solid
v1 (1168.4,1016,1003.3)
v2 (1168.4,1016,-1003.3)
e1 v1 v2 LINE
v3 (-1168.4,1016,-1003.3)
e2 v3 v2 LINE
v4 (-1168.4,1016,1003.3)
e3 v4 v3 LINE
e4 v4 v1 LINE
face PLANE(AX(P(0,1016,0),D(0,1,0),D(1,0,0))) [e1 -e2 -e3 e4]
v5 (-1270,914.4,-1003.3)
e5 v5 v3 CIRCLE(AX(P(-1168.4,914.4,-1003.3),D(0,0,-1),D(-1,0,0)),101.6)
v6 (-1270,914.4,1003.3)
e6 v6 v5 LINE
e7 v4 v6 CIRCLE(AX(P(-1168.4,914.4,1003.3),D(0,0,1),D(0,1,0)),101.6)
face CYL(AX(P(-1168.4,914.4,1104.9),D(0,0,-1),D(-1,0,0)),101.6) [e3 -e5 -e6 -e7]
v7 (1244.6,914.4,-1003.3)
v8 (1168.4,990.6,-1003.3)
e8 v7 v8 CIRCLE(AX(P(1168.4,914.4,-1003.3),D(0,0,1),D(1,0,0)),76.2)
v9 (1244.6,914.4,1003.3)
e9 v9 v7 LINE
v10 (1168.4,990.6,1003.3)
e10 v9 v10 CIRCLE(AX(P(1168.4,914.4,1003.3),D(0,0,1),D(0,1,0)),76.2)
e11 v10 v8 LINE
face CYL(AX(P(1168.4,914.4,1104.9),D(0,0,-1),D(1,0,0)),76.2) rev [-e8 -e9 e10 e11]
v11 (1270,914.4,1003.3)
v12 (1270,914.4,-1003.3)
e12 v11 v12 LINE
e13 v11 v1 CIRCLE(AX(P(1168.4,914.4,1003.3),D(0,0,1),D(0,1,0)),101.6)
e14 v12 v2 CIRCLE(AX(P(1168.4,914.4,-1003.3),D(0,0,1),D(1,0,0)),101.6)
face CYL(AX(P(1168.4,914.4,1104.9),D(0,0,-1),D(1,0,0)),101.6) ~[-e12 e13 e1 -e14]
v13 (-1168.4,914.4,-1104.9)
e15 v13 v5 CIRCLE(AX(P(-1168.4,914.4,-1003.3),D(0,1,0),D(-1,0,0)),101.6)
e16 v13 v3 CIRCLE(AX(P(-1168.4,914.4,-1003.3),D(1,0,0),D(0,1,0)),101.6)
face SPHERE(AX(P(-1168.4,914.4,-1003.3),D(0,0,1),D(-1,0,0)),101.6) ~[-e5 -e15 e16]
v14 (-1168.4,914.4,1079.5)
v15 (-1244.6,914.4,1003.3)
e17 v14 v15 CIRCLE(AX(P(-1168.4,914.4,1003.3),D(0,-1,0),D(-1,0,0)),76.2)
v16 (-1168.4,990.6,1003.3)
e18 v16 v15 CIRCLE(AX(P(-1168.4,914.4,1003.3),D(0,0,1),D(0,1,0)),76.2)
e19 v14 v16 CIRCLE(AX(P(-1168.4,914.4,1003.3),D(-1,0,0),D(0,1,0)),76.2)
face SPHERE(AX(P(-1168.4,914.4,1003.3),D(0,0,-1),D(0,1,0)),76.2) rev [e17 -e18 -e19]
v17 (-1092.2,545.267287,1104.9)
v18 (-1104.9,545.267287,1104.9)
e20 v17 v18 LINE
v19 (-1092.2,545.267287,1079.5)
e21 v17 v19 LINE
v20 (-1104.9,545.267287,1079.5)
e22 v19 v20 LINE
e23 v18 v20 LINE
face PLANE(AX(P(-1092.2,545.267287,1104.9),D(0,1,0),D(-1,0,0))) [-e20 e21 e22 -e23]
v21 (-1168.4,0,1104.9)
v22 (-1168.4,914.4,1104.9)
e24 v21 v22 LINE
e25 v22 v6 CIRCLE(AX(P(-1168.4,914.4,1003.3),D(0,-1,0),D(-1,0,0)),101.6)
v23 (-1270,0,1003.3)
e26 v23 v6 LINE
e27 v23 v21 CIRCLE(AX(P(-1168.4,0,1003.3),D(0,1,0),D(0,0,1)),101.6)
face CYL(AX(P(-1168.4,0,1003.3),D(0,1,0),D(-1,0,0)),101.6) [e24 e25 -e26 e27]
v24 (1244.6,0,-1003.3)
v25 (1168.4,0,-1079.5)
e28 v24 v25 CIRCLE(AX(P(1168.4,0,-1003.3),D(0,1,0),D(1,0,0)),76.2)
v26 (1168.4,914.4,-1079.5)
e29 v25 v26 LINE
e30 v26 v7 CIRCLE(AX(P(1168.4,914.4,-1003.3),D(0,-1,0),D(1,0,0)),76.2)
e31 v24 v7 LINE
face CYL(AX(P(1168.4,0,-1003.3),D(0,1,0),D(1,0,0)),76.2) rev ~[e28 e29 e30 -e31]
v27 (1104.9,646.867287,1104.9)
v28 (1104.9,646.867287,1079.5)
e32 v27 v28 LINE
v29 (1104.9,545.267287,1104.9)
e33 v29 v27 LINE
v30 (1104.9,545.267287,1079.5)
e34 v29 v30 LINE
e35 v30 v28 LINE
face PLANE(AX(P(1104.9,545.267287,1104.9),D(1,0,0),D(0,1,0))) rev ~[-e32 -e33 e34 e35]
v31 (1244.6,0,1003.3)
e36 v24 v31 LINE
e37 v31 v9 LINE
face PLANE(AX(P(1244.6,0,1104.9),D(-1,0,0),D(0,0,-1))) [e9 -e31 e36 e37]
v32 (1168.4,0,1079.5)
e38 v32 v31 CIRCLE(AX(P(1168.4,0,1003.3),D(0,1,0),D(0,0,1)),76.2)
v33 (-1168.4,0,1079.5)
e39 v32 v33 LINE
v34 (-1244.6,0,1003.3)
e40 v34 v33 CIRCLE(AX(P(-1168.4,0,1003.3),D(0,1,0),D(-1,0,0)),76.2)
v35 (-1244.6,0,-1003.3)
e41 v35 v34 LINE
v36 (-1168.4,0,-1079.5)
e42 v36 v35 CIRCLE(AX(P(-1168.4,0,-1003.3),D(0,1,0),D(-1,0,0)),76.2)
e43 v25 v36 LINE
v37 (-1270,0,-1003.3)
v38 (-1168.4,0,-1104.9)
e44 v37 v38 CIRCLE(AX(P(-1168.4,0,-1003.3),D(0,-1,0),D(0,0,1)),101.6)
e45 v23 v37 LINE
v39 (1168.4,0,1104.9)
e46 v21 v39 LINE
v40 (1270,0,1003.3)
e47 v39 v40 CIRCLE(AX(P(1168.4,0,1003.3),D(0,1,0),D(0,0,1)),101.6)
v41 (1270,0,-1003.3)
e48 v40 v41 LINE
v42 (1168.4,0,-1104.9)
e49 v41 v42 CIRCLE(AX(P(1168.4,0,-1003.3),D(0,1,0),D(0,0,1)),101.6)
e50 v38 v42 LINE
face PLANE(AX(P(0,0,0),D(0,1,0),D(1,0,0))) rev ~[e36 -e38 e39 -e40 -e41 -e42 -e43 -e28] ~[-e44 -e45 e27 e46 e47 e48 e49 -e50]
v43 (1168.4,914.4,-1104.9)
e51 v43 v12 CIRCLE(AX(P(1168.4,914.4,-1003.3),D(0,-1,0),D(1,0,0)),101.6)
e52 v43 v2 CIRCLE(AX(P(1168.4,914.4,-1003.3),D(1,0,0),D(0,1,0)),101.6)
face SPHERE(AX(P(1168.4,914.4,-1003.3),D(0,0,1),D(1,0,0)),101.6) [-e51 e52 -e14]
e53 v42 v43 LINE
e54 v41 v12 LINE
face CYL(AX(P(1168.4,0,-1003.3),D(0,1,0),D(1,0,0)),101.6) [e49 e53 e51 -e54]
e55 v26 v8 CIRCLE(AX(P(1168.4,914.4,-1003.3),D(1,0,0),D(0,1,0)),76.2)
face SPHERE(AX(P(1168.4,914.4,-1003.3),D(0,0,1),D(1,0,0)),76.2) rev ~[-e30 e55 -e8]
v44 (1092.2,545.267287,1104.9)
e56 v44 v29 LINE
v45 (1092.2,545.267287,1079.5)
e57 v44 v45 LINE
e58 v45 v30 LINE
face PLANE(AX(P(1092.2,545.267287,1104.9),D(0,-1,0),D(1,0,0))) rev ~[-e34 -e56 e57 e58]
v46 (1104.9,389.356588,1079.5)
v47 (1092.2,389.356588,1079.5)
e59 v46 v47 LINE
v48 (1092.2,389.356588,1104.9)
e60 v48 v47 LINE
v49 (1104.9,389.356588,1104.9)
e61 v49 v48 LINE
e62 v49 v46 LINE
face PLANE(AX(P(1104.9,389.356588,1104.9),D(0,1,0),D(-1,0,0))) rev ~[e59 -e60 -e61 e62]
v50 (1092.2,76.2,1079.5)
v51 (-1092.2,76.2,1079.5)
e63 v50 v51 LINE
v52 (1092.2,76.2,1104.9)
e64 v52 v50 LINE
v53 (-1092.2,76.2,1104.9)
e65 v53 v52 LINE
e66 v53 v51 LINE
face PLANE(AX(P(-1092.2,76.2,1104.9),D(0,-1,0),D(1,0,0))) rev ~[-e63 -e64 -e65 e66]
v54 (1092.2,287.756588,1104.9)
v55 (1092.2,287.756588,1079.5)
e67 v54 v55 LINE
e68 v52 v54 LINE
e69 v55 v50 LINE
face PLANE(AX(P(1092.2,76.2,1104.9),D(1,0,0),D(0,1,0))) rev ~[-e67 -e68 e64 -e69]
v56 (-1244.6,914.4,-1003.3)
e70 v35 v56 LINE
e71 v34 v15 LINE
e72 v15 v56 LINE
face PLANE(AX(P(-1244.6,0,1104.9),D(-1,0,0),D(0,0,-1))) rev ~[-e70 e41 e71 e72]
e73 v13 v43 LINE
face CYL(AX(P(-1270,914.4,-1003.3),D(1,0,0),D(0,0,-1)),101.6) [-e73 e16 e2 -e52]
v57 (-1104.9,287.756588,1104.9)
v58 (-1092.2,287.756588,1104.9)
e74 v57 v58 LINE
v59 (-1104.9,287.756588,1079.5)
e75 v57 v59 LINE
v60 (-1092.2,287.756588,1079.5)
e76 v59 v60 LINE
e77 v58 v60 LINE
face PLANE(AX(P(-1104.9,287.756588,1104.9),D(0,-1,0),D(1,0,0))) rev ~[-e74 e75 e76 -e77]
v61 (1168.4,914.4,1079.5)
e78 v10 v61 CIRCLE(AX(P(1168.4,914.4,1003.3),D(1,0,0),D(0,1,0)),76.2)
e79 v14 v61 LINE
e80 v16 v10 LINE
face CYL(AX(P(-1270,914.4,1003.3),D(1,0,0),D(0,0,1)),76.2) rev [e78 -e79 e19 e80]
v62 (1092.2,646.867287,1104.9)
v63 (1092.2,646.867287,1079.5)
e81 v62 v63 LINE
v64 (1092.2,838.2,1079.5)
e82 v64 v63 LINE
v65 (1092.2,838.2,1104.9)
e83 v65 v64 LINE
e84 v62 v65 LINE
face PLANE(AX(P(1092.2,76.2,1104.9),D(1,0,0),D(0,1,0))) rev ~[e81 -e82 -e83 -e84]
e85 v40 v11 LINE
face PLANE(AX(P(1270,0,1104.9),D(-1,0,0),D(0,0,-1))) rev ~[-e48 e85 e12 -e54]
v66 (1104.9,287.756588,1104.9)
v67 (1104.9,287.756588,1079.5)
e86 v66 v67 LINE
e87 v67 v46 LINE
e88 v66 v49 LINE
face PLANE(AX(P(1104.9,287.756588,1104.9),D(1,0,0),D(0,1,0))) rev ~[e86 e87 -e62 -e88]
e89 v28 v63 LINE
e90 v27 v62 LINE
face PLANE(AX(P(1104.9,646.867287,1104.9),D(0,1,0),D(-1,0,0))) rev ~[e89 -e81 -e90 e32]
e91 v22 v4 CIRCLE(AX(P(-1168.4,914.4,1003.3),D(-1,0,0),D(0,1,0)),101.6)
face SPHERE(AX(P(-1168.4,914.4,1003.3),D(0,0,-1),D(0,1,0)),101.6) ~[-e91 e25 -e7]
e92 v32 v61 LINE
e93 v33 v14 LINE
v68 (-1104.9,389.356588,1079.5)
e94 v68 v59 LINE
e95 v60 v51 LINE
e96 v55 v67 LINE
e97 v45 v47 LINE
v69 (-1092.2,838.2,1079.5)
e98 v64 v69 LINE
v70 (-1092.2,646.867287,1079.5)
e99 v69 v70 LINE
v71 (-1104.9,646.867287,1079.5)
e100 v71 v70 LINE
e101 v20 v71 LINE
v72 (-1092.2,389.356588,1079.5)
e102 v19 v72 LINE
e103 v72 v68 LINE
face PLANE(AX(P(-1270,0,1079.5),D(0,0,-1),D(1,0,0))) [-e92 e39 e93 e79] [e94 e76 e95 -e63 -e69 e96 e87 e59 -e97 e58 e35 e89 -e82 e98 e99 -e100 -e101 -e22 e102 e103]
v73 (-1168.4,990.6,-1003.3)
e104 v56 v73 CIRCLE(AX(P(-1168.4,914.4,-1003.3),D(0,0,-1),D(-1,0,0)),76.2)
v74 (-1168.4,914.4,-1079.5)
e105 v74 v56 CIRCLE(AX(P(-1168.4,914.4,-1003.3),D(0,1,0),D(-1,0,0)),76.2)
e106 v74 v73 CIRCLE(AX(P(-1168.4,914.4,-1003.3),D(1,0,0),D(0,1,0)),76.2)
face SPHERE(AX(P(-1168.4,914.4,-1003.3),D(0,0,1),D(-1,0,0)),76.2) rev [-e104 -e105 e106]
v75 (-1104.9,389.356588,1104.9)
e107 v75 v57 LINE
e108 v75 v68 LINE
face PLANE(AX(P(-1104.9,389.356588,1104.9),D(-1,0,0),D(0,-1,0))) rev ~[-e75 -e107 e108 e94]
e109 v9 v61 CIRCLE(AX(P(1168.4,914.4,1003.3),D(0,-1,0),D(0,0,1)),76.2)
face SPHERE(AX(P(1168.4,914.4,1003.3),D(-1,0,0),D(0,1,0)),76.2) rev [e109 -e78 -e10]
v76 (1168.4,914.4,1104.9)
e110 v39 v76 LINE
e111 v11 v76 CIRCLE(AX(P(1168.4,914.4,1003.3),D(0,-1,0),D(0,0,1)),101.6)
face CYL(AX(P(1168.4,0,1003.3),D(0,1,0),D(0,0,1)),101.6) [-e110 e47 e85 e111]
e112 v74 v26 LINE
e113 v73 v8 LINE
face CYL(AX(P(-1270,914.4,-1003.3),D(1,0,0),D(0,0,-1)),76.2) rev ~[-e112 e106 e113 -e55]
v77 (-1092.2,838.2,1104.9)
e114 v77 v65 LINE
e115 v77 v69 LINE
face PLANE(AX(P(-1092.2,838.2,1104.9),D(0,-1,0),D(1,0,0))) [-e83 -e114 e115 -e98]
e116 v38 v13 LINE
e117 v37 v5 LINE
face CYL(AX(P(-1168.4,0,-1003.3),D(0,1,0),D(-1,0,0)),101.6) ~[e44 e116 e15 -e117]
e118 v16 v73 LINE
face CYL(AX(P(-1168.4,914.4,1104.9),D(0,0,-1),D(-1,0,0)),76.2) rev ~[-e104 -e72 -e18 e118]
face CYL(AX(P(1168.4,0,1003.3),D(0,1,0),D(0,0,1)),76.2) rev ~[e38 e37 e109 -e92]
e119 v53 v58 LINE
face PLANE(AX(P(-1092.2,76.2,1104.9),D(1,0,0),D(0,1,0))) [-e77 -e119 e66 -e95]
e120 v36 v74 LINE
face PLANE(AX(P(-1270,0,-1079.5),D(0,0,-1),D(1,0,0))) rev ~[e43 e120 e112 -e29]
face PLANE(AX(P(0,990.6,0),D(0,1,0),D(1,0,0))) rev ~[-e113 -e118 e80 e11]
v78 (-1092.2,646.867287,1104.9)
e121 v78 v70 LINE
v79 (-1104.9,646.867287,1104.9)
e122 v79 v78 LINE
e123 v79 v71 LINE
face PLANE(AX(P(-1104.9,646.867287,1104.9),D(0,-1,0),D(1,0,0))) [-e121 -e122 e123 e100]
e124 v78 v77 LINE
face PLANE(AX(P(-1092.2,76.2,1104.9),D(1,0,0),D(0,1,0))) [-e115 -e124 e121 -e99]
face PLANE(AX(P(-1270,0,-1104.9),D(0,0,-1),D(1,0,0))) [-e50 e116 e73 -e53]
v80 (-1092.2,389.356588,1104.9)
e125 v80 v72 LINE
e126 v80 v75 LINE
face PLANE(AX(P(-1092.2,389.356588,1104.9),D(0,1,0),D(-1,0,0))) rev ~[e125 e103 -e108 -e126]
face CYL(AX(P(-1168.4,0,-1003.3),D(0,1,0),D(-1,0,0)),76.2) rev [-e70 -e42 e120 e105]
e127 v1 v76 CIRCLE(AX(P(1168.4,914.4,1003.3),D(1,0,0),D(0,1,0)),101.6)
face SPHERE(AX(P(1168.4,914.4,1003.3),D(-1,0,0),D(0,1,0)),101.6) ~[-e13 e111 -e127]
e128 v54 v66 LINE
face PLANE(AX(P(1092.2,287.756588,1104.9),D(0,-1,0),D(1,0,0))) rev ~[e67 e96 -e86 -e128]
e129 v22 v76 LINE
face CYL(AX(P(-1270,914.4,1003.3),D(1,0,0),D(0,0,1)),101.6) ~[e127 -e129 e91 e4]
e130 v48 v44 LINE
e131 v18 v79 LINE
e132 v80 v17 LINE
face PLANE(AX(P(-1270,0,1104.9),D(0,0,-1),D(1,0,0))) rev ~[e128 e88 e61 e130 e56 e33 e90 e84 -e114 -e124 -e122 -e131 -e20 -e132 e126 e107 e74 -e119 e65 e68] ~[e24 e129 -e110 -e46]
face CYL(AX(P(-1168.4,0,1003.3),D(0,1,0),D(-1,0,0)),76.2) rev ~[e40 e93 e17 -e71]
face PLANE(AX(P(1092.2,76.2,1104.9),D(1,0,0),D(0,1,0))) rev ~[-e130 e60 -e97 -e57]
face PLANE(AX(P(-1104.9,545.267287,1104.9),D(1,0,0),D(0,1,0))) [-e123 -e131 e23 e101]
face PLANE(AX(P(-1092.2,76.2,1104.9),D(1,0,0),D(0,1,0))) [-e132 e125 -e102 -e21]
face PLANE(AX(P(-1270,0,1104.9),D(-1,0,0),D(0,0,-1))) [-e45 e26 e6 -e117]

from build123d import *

# Parameters (mm, degrees)
SKETCH1_W           = 2540
SKETCH1_H           = 2209.8
BOSS_EXTRUDE1_DEPTH = 1016
FILLET1_R           = 101.6
SHELL1_T            = -25.4
SKETCH2_W           = 2184.4
SKETCH2_H           = 762
CUT_EXTRUDE1_DEPTH  = 101.6
CUT_EXTRUDE2_DEPTH  = 25.4


with BuildPart() as part:
    # Sketch1 → Boss-Extrude1 (new body)
    with BuildSketch(Plane(origin=(0, 0, 0), x_dir=(1, 0, 0), z_dir=(0, 1, 0))):
        Rectangle(SKETCH1_W, SKETCH1_H)
    extrude(amount=BOSS_EXTRUDE1_DEPTH)

    # Fillet1
    fillet1_edges = [part.edges().sort_by_distance(p)[0] for p in [
        (-1270, 1016, 0),
        (0, 1016, 1104.9),
        (1270, 1016, 0),
        (1270, 508, 1104.9),
        (-1270, 508, 1104.9),
        (-1270, 508, -1104.9),
        (1270, 508, -1104.9),
        (0, 1016, -1104.9),
    ]]
    fillet(fillet1_edges, radius=FILLET1_R)

    # Shell1
    shell1_openings = [part.faces().sort_by_distance(p)[0] for p in [
        (0, 0, 0),
    ]]
    offset(amount=SHELL1_T, openings=shell1_openings, kind=Kind.INTERSECTION)

    # Sketch2 → Cut-Extrude1 (cut)
    with BuildSketch(Plane.XY.offset(1104.9)):
        with Locations((0, 457.2)):
            Rectangle(SKETCH2_W, SKETCH2_H)
    extrude(amount=-CUT_EXTRUDE1_DEPTH, mode=Mode.SUBTRACT)

    # Sketch4 → Cut-Extrude2 (cut)
    with BuildSketch(Plane.XY.offset(1104.9)):
        Polygon((-1092.2, 338.556587626), (-1092.2, 389.356587626), (-1104.9, 389.356587626), (-1104.9, 287.756587626), (-1092.2, 287.756587626), align=None)
        Polygon((1104.9, 646.867286995), (1092.2, 646.867286995), (1092.2, 596.067286995), (1092.2, 545.267286995), (1104.9, 545.267286995), align=None)
        Polygon((1104.9, 389.356587626), (1092.2, 389.356587626), (1092.2, 338.556587626), (1092.2, 287.756587626), (1104.9, 287.756587626), align=None)
        Polygon((-1092.2, 596.067286995), (-1092.2, 545.267286995), (-1104.9, 545.267286995), (-1104.9, 646.867286995), (-1092.2, 646.867286995), align=None)
    extrude(amount=-CUT_EXTRUDE2_DEPTH, mode=Mode.SUBTRACT)


solid = part.part
